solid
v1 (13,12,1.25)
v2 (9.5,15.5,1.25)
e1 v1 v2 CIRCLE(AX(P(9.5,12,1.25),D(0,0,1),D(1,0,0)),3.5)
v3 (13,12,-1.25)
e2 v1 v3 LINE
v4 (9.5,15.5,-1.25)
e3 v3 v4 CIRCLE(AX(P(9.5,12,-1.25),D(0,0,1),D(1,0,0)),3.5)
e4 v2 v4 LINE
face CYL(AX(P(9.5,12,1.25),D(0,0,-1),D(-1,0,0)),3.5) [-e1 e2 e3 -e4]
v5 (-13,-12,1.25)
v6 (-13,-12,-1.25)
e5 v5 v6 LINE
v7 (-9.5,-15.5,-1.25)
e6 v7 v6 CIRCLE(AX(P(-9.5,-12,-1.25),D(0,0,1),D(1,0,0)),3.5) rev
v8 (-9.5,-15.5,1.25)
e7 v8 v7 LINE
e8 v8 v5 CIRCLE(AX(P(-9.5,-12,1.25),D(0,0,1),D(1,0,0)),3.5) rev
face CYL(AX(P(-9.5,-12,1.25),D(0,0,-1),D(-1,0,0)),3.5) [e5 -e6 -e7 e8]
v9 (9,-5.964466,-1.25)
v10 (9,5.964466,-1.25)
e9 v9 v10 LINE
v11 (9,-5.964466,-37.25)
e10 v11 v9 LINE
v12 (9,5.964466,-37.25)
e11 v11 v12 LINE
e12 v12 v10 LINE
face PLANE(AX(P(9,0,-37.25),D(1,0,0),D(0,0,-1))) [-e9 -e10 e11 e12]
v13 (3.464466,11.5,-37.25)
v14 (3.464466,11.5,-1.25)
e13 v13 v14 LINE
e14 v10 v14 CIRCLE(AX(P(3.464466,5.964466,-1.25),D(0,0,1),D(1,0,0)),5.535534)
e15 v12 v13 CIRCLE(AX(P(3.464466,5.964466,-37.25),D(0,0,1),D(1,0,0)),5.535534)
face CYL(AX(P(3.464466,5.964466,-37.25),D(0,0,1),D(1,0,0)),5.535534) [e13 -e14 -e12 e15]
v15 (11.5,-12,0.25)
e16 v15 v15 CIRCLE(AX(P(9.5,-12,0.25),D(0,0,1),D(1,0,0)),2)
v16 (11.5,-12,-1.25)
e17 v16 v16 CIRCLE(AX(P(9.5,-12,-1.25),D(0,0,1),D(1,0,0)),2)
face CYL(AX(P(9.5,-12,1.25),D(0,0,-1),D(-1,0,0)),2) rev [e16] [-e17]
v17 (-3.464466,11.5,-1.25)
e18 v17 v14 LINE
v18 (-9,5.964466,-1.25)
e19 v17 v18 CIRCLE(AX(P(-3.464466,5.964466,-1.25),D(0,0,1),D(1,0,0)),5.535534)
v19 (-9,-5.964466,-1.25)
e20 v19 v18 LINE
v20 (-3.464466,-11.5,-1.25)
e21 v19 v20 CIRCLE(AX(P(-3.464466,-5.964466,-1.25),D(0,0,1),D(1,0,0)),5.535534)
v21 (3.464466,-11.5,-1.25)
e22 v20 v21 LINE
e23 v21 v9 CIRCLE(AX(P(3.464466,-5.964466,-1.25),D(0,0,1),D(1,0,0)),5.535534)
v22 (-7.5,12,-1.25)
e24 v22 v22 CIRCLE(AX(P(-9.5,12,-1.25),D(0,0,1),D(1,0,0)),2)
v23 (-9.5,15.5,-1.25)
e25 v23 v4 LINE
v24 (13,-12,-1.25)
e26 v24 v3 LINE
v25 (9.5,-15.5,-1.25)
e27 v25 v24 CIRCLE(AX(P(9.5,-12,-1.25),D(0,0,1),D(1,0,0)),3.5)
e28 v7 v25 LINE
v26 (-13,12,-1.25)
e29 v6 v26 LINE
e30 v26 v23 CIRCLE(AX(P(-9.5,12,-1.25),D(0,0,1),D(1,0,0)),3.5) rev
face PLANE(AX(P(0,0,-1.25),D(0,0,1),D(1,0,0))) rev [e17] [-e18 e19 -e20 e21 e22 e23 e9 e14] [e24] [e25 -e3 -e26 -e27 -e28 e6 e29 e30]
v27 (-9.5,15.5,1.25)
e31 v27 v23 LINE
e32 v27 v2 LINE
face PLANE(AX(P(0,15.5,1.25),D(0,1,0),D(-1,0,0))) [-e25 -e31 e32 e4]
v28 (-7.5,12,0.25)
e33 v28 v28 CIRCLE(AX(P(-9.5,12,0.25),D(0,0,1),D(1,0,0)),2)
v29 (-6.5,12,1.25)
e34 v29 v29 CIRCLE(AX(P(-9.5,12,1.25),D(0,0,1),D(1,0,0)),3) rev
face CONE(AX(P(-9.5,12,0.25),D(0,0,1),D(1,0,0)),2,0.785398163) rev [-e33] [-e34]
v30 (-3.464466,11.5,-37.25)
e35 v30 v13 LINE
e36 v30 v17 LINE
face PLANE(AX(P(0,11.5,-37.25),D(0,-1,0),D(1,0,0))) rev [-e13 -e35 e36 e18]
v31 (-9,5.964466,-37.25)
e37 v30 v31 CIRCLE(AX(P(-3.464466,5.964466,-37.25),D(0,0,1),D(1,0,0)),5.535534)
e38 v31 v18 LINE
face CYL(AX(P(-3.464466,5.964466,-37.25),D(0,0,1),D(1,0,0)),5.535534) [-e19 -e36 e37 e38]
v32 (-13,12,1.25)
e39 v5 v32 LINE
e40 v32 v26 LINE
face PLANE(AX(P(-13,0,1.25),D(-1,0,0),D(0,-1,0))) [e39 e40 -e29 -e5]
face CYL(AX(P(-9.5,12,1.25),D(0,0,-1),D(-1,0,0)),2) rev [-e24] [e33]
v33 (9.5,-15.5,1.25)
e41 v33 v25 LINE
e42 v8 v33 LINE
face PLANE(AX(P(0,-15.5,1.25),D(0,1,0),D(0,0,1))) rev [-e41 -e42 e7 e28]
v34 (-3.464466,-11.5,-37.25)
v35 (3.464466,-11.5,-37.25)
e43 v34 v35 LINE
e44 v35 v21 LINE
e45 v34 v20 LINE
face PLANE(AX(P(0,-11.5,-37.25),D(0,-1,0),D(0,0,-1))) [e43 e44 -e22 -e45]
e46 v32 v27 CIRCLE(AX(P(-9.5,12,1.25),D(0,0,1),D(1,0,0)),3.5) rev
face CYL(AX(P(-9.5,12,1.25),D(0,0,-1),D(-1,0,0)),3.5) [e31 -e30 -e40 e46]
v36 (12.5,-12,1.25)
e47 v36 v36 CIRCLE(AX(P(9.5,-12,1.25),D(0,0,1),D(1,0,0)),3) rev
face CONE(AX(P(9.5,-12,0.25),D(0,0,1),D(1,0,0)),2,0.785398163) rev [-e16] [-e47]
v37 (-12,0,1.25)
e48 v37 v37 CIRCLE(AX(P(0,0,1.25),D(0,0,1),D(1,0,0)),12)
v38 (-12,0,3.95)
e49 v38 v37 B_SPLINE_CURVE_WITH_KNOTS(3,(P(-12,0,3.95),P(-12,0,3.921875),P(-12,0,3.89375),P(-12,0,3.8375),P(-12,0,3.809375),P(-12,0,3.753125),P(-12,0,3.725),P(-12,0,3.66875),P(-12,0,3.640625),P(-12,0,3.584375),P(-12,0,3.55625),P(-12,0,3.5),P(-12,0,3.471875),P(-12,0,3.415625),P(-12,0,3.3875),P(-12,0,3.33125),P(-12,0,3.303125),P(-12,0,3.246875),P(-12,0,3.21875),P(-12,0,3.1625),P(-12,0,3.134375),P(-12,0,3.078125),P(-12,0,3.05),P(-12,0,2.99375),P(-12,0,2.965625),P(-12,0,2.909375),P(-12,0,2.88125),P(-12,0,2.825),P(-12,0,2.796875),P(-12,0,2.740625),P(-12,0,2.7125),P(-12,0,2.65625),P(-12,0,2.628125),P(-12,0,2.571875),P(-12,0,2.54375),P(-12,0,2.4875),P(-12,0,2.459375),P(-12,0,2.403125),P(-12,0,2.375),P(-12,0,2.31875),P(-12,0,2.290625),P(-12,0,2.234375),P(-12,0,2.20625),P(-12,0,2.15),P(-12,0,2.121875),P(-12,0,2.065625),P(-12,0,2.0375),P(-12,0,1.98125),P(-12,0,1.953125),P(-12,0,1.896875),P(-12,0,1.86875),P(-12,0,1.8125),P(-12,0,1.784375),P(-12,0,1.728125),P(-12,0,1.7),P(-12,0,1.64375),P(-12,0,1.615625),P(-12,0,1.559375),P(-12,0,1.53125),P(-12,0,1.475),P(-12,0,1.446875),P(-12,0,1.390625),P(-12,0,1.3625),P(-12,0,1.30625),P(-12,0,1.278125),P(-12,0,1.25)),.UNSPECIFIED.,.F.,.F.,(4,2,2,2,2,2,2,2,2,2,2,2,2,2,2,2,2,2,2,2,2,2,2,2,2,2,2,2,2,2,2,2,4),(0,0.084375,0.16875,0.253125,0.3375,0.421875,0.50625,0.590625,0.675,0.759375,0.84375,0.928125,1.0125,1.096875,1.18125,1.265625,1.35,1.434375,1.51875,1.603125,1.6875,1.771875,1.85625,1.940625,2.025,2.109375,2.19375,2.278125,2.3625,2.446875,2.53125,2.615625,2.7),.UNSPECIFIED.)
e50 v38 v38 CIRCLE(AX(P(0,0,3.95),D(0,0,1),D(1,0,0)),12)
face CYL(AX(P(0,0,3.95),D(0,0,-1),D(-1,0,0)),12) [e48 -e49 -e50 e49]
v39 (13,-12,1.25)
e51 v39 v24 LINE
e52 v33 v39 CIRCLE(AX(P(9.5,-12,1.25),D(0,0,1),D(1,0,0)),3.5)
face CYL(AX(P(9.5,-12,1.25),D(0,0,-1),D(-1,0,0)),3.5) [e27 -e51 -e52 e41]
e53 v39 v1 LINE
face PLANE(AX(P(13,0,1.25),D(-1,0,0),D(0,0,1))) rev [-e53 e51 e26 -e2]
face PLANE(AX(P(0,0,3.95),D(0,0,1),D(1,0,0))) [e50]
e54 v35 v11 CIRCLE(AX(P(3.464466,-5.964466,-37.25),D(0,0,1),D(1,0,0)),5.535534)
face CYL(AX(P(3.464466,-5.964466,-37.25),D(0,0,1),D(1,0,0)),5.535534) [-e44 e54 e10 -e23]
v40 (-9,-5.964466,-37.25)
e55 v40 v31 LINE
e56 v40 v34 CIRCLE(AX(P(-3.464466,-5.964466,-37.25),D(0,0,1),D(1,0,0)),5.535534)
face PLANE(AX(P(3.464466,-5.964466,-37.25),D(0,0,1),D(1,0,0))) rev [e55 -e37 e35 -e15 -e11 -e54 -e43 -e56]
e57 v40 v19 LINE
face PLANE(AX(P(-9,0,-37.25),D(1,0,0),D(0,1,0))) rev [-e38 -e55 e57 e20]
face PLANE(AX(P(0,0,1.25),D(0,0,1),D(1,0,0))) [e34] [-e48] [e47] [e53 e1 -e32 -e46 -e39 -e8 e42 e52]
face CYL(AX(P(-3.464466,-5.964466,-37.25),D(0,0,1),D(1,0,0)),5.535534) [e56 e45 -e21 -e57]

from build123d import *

# Parameters (mm, degrees)
SKETCH1_R           = 2
BOSS_EXTRUDE1_DEPTH = 1.25
BOSS_EXTRUDE2_START = 1.25
SKETCH1_3_R         = 12
BOSS_EXTRUDE2_DEPTH = 2.7
BOSS_EXTRUDE3_START = -1.25
BOSS_EXTRUDE3_DEPTH = 36
CHAMFER1_SIZE       = 1


with BuildPart() as part:
    # Sketch1 → Boss-Extrude1 (new, symmetric)
    with BuildSketch(Plane.XY):
        with BuildLine():
            Line((-9.5, -15.5), (9.5, -15.5))
            ThreePointArc((9.5, -15.5), (11.974873734, -14.474873734), (13, -12))
            Line((13, -12), (13, 12))
            ThreePointArc((13, 12), (11.974873734, 14.474873734), (9.5, 15.5))
            Line((9.5, 15.5), (-9.5, 15.5))
            ThreePointArc((-9.5, 15.5), (-11.974873734, 14.474873734), (-13, 12))
            Line((-13, 12), (-13, -12))
            ThreePointArc((-13, -12), (-11.974873734, -14.474873734), (-9.5, -15.5))
        make_face()
        with Locations((-9.5, 12)):
            Circle(SKETCH1_R, mode=Mode.SUBTRACT)
        with Locations((9.5, -12)):
            Circle(SKETCH1_R, mode=Mode.SUBTRACT)
    extrude(amount=BOSS_EXTRUDE1_DEPTH, both=True)

    # Sketch1<3> → Boss-Extrude2 (add)
    with BuildSketch(Plane.XY.offset(BOSS_EXTRUDE2_START)):
        with Locations(Location((0, 0, 0), (0, 0, 180))):
            Circle(SKETCH1_3_R)
    extrude(amount=BOSS_EXTRUDE2_DEPTH)

    # Sketch1<4> → Boss-Extrude3 (add)
    with BuildSketch(Plane.XY.offset(BOSS_EXTRUDE3_START)):
        with BuildLine():
            Line((-3.464466094, -11.5), (3.464466094, -11.5))
            ThreePointArc((3.464466094, -11.5), (7.378679656, -9.878679656), (9, -5.964466094))
            Line((9, -5.964466094), (9, 5.964466094))
            ThreePointArc((9, 5.964466094), (7.378679656, 9.878679656), (3.464466094, 11.5))
            Line((3.464466094, 11.5), (-3.464466094, 11.5))
            ThreePointArc((-3.464466094, 11.5), (-7.378679656, 9.878679656), (-9, 5.964466094))
            Line((-9, 5.964466094), (-9, -5.964466094))
            ThreePointArc((-9, -5.964466094), (-7.378679656, -9.878679656), (-3.464466094, -11.5))
        make_face()
    extrude(amount=-BOSS_EXTRUDE3_DEPTH)

    # Chamfer1
    chamfer1_edges = [part.edges().sort_by_distance(p)[0] for p in [
        (7.5, -12, 1.25),
        (-11.5, 12, 1.25),
    ]]
    chamfer(chamfer1_edges, length=CHAMFER1_SIZE)


solid = part.part
